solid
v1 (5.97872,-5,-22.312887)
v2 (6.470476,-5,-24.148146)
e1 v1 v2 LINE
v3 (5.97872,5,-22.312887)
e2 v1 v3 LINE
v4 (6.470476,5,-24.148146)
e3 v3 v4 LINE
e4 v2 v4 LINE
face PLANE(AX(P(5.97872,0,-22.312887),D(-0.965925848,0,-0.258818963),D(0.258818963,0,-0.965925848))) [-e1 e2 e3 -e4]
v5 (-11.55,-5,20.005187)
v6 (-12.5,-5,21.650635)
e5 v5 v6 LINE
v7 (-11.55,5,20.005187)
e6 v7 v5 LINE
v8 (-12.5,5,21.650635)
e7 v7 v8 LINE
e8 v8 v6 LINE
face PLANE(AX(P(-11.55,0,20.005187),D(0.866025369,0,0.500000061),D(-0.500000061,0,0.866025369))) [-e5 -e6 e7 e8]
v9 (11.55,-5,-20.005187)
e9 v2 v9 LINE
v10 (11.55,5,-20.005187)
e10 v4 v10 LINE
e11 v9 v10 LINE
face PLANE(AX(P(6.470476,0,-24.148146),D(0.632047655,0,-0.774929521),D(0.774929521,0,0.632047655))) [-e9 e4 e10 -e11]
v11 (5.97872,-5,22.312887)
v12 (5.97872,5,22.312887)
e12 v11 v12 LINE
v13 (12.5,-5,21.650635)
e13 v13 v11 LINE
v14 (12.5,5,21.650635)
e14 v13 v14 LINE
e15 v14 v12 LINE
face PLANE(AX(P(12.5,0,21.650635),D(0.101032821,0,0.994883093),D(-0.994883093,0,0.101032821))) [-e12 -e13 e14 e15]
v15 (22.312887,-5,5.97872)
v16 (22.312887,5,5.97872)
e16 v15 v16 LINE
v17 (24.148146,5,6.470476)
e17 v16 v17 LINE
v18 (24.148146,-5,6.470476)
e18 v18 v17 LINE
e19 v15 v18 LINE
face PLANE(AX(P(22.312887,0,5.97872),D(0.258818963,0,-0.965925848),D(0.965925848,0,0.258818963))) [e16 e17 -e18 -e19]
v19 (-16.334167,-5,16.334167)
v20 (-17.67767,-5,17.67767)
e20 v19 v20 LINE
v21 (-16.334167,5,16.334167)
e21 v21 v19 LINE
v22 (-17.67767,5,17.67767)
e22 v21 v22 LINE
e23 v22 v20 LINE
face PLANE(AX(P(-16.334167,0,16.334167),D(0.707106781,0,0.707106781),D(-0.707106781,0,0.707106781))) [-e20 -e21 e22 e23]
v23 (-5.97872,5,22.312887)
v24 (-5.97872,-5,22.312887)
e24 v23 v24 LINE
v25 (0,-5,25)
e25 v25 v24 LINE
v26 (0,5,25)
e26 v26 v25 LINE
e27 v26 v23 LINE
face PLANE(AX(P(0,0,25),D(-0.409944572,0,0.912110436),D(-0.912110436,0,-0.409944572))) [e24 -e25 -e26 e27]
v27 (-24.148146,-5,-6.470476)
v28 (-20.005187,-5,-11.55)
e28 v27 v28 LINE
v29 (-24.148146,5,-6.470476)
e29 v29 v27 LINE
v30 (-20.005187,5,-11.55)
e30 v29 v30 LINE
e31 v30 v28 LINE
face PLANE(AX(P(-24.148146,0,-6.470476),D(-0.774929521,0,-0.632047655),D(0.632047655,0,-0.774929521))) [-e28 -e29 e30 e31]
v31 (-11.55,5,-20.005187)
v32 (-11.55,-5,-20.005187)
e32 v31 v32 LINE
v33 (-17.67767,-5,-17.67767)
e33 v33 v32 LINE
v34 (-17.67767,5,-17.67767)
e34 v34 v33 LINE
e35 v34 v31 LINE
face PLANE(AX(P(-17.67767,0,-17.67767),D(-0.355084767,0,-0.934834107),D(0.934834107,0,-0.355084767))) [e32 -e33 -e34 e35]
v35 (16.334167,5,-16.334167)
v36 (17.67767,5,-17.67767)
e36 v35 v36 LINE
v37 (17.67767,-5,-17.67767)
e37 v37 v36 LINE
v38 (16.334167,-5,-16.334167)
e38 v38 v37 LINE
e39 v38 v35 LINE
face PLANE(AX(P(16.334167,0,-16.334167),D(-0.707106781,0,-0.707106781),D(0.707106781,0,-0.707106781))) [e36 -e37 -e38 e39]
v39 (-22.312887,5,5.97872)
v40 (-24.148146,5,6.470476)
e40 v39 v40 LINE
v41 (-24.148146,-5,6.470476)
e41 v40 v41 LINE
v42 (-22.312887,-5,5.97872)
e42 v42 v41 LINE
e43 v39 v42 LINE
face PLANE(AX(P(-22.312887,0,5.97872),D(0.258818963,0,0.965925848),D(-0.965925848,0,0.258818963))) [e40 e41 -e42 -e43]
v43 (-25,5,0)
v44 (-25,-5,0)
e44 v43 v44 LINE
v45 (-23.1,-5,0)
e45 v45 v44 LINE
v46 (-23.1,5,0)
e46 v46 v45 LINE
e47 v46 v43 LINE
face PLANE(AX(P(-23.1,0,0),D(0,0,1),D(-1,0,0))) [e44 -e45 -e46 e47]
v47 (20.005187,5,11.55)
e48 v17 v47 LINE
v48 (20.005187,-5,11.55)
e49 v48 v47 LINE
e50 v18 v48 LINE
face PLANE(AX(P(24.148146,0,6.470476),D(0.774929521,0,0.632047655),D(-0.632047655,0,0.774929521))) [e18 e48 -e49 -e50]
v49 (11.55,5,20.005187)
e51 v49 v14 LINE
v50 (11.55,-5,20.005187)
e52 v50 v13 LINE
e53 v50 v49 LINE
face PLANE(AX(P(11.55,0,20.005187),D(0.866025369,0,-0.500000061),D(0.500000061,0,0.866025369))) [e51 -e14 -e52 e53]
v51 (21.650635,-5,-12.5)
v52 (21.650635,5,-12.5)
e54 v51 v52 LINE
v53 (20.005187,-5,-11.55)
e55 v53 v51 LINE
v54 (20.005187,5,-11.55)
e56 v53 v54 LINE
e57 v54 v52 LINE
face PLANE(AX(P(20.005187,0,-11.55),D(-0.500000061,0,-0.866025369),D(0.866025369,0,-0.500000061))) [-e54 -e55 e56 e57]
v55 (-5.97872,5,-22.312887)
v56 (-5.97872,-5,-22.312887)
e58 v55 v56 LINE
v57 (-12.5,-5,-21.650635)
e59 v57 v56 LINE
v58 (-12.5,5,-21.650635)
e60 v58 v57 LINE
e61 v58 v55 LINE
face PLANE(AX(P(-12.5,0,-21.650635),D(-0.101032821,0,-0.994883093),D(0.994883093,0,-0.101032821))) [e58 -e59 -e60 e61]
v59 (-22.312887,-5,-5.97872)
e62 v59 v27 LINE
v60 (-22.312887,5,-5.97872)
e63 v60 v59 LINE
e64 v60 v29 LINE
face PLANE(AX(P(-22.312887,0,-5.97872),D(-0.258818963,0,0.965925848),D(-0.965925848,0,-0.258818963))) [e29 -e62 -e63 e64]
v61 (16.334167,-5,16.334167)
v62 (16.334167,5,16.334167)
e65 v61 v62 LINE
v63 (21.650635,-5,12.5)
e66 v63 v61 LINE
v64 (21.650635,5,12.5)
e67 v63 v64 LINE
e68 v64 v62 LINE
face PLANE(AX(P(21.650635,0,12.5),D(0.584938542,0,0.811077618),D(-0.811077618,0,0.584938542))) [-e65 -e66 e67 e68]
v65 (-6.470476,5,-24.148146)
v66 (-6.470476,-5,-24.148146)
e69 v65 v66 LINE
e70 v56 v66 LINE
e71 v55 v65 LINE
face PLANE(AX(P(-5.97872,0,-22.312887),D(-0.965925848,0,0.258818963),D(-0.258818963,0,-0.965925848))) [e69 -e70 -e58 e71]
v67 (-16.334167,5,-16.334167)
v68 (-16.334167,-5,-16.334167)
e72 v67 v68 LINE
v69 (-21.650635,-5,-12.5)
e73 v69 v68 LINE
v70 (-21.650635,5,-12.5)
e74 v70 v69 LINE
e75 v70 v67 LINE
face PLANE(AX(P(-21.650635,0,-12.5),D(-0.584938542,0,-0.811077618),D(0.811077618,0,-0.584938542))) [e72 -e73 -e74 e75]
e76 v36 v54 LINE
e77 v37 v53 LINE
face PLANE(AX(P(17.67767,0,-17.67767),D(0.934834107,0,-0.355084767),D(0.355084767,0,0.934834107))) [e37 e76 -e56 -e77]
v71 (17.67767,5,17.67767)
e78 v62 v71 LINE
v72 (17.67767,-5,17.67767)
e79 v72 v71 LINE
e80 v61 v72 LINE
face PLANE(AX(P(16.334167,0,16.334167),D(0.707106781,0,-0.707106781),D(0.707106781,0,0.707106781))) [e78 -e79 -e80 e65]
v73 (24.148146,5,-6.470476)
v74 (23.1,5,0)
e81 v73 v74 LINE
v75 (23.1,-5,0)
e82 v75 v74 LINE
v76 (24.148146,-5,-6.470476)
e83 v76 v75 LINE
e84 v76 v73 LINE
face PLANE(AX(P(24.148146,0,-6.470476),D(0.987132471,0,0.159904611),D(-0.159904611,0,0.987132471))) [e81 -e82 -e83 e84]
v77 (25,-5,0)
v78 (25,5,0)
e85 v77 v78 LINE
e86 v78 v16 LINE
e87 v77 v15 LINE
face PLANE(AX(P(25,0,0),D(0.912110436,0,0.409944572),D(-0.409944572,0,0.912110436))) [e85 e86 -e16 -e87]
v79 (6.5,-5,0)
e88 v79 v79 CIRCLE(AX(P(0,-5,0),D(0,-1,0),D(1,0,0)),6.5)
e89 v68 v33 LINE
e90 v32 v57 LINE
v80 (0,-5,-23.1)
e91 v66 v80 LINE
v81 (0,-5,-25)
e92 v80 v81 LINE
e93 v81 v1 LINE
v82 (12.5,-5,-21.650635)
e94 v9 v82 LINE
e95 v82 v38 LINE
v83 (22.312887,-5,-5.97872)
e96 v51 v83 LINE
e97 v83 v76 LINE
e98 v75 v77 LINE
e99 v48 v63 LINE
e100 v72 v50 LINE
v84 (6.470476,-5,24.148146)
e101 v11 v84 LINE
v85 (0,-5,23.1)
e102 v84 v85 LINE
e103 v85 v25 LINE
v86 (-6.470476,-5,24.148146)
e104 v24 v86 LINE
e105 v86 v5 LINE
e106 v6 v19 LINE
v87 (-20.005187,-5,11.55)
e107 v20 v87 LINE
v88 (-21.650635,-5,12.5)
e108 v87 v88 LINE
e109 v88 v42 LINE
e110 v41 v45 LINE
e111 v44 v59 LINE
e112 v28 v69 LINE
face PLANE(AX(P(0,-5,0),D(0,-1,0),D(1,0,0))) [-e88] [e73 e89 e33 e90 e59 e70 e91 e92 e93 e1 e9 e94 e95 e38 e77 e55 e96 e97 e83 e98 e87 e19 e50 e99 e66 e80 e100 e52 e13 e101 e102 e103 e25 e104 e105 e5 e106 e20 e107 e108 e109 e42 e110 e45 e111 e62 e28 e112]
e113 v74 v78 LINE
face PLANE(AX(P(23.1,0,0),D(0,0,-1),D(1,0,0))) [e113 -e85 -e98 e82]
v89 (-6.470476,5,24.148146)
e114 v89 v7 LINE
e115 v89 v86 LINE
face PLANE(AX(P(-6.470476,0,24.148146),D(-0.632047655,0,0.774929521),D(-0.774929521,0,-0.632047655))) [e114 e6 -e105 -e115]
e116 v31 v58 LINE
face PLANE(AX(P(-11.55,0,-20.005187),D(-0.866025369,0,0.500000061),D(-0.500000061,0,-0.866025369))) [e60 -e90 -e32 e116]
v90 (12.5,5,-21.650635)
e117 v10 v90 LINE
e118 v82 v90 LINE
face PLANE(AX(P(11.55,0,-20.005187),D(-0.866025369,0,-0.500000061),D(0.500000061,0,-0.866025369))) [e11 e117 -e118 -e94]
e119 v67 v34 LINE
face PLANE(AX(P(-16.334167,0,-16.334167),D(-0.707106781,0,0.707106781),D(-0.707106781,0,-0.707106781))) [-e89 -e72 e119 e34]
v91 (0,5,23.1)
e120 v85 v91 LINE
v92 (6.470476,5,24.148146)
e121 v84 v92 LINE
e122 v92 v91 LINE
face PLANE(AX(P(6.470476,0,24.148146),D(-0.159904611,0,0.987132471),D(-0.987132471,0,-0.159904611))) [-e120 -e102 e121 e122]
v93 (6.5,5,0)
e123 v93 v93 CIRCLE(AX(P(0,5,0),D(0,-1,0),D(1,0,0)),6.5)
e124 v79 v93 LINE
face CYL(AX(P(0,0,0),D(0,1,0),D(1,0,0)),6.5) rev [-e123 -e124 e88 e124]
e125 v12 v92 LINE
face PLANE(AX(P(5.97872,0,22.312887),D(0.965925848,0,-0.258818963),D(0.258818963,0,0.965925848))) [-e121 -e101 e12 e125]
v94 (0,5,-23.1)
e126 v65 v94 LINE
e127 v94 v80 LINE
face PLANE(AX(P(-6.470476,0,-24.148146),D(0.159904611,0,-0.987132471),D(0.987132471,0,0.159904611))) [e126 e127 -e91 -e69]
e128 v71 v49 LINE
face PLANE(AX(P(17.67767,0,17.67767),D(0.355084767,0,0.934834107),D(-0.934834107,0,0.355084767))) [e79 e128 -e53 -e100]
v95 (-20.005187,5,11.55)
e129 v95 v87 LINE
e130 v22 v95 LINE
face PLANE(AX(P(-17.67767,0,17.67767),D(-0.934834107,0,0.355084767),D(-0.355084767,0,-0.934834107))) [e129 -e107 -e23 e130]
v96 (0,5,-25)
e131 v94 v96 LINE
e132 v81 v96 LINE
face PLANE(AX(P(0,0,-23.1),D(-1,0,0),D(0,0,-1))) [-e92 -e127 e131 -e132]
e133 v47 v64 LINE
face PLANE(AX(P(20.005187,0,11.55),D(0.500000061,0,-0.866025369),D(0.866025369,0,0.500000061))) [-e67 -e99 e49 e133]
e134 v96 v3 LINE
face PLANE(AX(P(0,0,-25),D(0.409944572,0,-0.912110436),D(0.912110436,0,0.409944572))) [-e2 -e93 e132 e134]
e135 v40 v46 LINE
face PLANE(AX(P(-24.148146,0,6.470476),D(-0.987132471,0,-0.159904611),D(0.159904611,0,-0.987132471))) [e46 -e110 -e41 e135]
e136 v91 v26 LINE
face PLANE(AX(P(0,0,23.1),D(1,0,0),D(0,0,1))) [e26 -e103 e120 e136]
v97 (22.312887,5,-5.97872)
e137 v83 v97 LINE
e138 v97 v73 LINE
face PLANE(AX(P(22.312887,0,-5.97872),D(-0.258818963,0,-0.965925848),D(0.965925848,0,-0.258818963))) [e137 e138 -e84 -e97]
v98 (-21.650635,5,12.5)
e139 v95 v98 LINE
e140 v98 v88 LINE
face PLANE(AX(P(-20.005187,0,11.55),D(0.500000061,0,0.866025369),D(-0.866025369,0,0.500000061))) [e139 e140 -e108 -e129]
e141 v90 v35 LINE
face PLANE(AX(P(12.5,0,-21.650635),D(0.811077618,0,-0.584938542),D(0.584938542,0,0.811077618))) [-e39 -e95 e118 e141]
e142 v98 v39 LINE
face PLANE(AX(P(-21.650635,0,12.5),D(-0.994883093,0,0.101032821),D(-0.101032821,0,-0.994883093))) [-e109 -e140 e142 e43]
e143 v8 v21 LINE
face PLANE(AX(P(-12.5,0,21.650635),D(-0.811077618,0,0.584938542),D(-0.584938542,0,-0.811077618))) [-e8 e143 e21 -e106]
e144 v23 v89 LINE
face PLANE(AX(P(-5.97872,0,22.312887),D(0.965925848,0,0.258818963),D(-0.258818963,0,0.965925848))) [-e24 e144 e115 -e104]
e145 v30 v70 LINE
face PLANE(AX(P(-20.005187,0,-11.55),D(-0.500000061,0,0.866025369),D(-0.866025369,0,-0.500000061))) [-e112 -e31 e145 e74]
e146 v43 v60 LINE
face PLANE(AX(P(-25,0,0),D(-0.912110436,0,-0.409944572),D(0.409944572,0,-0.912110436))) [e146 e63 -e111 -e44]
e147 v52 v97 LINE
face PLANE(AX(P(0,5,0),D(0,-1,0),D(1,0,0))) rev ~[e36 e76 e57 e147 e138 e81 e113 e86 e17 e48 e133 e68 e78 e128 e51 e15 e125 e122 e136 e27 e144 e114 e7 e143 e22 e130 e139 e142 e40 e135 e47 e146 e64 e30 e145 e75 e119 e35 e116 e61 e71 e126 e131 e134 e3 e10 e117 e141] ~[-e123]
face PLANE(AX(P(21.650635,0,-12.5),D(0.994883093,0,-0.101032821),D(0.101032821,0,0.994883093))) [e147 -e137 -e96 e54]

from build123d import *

# Parameters (mm, degrees)
F0_R     = 6.5
F1_DEPTH = 5


with BuildPart() as f1:
    # F0 (on Front) → F1 (new body, symmetric)
    with BuildSketch(Plane.XZ):
        Polygon((0, 23.1), (0, 25), (-5.97872, 22.312887), (-6.470476, 24.148146), (-11.55, 20.005187), (-12.5, 21.650635), (-16.334167, 16.334167), (-17.67767, 17.67767), (-20.005187, 11.55), (-21.650635, 12.5), (-22.312887, 5.97872), (-24.148146, 6.470476), (-23.1, 0), (-25, 0), (-22.312887, -5.97872), (-24.148146, -6.470476), (-20.005187, -11.55), (-21.650635, -12.5), (-16.334167, -16.334167), (-17.67767, -17.67767), (-11.55, -20.005187), (-12.5, -21.650635), (-5.97872, -22.312887), (-6.470476, -24.148146), (0, -23.1), (0, -25), (5.97872, -22.312887), (6.470476, -24.148146), (11.55, -20.005187), (12.5, -21.650635), (16.334167, -16.334167), (17.67767, -17.67767), (20.005187, -11.55), (21.650635, -12.5), (22.312887, -5.97872), (24.148146, -6.470476), (23.1, 0), (25, 0), (22.312887, 5.97872), (24.148146, 6.470476), (20.005187, 11.55), (21.650635, 12.5), (16.334167, 16.334167), (17.67767, 17.67767), (11.55, 20.005187), (12.5, 21.650635), (5.97872, 22.312887), (6.470476, 24.148146), align=None)
        Circle(F0_R, mode=Mode.SUBTRACT)
    extrude(amount=F1_DEPTH, both=True)


solid = f1.part
